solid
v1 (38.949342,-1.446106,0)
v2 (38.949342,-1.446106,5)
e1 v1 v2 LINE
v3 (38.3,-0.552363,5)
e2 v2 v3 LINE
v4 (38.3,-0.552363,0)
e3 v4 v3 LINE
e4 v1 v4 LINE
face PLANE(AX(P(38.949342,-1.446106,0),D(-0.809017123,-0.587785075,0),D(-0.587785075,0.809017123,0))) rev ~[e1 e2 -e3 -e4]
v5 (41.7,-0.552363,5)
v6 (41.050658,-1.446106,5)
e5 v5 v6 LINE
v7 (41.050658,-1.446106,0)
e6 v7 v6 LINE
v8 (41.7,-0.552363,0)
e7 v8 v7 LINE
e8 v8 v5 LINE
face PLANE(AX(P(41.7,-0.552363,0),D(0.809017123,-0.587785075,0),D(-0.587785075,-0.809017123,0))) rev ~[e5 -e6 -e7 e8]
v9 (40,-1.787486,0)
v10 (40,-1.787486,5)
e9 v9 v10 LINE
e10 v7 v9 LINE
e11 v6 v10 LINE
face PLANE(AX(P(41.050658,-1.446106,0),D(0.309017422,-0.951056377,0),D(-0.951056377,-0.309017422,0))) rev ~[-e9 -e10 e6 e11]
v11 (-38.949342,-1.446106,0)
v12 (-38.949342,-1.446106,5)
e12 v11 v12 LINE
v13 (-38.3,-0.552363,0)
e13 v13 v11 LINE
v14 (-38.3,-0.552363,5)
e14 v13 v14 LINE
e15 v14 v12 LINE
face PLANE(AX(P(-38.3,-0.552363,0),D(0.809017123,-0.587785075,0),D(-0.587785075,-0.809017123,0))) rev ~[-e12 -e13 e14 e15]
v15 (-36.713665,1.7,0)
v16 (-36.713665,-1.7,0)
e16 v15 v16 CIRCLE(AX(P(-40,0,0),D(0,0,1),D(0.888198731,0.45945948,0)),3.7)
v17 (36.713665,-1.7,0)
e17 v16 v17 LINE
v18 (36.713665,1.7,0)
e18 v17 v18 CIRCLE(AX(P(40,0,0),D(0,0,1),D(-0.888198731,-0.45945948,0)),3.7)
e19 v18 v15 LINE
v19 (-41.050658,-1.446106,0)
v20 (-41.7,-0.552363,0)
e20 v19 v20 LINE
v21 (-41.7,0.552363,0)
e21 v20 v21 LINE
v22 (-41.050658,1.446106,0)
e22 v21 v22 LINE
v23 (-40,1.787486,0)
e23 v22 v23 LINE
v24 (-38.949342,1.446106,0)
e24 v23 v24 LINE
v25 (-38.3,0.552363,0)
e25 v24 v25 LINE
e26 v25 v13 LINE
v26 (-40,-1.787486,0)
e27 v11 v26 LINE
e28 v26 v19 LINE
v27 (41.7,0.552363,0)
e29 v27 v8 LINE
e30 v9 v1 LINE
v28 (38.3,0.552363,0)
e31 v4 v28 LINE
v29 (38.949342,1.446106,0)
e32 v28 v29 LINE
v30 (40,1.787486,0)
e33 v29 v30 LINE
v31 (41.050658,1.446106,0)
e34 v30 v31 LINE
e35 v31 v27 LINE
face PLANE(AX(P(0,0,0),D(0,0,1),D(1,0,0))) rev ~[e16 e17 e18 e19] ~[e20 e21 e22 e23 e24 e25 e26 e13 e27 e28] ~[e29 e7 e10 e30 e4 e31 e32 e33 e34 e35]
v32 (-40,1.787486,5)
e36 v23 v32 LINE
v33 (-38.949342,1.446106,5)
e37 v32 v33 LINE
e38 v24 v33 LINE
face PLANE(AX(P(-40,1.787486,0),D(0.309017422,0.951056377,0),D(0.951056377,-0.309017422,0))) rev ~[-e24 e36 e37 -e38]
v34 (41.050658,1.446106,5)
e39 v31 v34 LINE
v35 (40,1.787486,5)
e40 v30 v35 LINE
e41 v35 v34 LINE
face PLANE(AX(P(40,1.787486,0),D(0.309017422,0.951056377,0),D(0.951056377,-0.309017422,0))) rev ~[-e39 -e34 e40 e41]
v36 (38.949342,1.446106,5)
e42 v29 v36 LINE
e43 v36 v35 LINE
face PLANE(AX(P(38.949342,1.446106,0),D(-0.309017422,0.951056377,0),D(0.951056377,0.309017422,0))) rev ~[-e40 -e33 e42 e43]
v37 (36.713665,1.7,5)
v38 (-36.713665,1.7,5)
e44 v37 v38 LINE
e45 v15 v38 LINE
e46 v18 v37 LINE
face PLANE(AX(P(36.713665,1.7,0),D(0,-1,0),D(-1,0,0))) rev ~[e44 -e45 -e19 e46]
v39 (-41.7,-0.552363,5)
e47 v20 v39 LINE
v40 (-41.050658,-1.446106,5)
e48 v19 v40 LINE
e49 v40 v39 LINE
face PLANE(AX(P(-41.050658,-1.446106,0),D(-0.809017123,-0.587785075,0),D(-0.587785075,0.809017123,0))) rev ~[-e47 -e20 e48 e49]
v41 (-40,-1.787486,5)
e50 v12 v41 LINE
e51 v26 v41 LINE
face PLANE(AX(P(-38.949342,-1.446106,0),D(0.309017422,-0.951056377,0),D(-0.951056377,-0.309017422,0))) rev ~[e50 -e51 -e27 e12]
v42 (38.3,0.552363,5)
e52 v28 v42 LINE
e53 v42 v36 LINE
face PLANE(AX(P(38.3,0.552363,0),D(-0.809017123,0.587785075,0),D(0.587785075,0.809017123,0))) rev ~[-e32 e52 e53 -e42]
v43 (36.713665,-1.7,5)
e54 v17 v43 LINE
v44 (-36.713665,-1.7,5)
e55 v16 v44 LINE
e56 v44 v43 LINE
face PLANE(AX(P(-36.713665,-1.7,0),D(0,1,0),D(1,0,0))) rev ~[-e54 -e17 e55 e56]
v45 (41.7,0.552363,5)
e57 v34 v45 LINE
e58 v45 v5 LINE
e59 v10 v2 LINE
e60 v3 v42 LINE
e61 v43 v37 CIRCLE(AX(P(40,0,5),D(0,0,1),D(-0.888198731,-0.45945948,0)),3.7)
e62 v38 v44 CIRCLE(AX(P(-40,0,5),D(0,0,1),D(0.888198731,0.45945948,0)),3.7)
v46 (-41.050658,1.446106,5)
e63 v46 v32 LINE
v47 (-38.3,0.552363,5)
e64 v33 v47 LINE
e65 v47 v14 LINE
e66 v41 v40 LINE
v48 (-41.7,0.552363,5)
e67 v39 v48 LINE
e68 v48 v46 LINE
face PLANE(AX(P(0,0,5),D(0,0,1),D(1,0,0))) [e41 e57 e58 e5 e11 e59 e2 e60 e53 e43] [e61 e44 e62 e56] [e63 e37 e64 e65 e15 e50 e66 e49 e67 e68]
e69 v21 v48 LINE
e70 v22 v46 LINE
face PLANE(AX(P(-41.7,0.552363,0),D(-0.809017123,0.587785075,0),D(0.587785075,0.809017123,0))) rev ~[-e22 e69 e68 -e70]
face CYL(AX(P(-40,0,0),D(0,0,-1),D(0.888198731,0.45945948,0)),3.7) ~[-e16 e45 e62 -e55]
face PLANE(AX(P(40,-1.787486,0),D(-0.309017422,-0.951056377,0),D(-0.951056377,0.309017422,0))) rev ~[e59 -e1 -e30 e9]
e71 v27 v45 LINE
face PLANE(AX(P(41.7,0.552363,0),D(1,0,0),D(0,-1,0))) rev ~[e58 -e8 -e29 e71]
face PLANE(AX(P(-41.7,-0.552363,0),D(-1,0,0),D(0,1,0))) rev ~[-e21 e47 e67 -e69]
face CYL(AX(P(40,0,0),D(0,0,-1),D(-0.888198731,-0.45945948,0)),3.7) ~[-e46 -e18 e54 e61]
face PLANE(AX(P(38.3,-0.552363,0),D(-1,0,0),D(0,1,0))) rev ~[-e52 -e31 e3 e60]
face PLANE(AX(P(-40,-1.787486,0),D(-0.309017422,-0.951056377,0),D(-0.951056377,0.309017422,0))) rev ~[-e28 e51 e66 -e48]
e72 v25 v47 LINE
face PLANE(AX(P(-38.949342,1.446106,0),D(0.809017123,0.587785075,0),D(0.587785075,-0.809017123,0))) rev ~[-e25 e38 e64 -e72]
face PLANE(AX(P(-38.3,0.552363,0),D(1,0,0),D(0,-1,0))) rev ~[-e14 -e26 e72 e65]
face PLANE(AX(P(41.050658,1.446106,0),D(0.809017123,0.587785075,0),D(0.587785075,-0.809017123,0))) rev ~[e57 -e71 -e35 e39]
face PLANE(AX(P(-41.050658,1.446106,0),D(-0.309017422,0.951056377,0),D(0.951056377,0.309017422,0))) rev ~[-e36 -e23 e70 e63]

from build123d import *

# Parameters (mm, degrees)
F1_DEPTH = 5


with BuildPart() as f1:
    # F0 (on Top) → F1 (new body)
    with BuildSketch(Plane.XY):
        with BuildLine():
            Line((36.713665, 1.7), (-36.713665, 1.7))
            ThreePointArc((-36.713665, 1.7), (-43.7, 0), (-36.713665, -1.7))
            Line((-36.713665, -1.7), (36.713665, -1.7))
            ThreePointArc((36.713665, -1.7), (43.7, 0), (36.713665, 1.7))
        make_face()
        Polygon((-41.050658, -1.446106), (-41.7, -0.552363), (-41.7, 0.552363), (-41.050658, 1.446106), (-40, 1.787486), (-38.949342, 1.446106), (-38.3, 0.552363), (-38.3, -0.552363), (-38.949342, -1.446106), (-40, -1.787486), align=None, mode=Mode.SUBTRACT)
        Polygon((41.050658, 1.446106), (41.7, 0.552363), (41.7, -0.552363), (41.050658, -1.446106), (40, -1.787486), (38.949342, -1.446106), (38.3, -0.552363), (38.3, 0.552363), (38.949342, 1.446106), (40, 1.787486), align=None, mode=Mode.SUBTRACT)
    extrude(amount=F1_DEPTH)


solid = f1.part
